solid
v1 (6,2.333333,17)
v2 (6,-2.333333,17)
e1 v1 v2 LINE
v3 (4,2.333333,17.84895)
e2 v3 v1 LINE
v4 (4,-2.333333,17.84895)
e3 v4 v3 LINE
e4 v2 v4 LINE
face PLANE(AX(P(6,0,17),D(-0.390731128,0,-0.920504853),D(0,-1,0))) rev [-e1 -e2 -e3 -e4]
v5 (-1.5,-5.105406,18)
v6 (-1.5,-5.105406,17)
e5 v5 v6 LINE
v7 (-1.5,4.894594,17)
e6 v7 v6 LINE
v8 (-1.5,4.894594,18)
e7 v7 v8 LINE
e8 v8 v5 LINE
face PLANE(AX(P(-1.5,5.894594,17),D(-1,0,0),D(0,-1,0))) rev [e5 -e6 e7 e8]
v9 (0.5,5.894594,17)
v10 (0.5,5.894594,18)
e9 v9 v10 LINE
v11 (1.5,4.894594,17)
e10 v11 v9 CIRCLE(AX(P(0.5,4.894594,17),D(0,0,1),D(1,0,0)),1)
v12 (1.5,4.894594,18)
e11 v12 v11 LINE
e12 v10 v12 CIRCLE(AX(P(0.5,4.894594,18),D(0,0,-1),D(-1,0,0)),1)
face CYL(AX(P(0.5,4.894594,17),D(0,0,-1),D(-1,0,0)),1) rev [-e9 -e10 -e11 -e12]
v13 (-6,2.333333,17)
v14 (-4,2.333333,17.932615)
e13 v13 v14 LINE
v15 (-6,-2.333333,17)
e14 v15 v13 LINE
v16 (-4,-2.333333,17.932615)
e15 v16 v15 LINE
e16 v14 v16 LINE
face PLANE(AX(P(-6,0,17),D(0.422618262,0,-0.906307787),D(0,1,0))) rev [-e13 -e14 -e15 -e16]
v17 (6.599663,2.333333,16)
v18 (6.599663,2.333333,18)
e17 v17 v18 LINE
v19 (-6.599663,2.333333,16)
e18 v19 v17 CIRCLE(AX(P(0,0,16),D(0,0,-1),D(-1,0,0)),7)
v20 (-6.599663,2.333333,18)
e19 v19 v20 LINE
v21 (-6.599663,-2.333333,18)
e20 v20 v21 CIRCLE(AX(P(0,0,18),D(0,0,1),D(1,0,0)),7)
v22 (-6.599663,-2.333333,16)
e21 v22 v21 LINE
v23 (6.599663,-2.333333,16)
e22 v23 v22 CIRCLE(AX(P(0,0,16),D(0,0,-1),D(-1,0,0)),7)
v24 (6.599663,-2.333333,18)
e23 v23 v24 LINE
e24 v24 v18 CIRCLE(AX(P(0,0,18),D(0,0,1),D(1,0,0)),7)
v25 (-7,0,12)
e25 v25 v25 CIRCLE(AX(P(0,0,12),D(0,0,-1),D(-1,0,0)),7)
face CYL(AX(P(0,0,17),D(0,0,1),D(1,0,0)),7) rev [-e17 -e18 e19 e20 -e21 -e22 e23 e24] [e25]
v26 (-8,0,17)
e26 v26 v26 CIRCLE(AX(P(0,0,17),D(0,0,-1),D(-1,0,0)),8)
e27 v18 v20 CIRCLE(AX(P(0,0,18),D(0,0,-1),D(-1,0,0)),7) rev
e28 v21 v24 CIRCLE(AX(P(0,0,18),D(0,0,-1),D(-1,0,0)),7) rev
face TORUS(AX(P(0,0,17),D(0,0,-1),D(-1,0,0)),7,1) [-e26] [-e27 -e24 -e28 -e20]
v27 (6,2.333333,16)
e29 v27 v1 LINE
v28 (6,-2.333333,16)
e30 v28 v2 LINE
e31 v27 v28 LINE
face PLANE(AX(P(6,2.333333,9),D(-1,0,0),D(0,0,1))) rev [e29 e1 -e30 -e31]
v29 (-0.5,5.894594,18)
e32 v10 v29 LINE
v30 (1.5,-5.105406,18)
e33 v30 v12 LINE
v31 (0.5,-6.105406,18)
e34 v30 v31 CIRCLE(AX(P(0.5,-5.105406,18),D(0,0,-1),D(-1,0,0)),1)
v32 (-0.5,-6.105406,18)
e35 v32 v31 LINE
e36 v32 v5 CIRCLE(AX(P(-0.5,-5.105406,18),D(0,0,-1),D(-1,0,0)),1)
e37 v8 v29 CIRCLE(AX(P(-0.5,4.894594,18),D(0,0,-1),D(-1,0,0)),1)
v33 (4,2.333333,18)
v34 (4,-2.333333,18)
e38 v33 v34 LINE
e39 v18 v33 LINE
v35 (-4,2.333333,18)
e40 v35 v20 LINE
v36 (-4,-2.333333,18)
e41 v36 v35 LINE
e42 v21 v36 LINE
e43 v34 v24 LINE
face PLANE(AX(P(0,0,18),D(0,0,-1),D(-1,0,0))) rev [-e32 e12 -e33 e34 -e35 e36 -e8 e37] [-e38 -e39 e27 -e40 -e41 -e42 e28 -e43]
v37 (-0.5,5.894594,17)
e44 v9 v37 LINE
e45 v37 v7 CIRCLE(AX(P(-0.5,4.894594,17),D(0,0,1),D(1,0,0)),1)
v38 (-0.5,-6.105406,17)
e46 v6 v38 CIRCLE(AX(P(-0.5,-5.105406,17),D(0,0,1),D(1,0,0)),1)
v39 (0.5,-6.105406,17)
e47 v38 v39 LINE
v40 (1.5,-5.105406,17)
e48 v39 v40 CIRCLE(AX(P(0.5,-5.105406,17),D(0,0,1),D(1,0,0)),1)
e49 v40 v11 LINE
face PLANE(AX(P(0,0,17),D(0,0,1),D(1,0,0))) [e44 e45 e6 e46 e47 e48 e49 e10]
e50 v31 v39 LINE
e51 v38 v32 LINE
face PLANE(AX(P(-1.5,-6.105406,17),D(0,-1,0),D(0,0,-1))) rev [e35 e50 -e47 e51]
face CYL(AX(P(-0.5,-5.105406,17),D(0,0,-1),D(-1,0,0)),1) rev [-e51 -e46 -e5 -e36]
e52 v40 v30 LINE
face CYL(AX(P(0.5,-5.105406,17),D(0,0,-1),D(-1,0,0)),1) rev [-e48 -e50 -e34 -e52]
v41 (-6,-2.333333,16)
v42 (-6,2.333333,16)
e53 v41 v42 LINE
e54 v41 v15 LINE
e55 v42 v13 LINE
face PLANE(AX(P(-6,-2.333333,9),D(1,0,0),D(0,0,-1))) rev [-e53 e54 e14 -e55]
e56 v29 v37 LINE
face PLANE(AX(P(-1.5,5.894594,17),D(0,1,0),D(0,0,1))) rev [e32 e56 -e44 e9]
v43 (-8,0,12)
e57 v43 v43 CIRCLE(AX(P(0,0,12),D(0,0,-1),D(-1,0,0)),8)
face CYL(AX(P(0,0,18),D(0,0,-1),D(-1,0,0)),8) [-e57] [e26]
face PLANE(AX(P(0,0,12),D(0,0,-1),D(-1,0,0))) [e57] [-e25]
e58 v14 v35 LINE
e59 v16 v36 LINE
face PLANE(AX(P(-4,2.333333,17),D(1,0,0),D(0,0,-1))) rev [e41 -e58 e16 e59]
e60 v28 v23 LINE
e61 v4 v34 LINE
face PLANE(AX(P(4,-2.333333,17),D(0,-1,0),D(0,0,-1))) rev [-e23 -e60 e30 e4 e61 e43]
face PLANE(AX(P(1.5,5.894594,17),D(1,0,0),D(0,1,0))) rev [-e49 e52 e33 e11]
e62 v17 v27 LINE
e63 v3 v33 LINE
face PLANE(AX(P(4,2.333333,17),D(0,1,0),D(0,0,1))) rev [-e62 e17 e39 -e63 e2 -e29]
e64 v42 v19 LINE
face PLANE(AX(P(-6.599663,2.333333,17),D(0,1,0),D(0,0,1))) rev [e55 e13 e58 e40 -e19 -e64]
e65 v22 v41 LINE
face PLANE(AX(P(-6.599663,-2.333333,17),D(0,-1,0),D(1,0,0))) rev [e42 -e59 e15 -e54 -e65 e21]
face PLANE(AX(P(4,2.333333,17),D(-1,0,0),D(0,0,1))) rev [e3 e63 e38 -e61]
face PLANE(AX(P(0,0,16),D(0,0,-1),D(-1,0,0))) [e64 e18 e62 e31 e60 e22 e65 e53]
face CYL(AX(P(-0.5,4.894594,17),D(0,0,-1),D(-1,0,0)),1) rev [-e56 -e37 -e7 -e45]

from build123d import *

# Parameters (mm, degrees)
SKETCH_1_R          = 8
EXTRUDE_1_DEPTH     = 6
FILLET_1_R          = 1
SKETCH_3_W          = 3
SKETCH_3_H          = 12
CUT_EXTRUDE_1_DEPTH = 1
FILLET_2_R          = 1
CUT_EXTRUDE_2_DEPTH = 1
CHAMFER_2_SIZE      = 2
CHAMFER_2_SIZE2     = 0.932615316
CHAMFER_5_SIZE      = 2
CHAMFER_5_SIZE2     = 0.848949632
CUT_EXTRUDE_3_DEPTH = 8
CUT_EXTRUDE_START   = -4
SKETCH_7_R          = 7
CUT_EXTRUDE_4_DEPTH = 4


with BuildPart() as part:
    # 草图1 → 凸台-拉伸1 (new body)
    with BuildSketch(Plane(origin=(0, 0, 12), x_dir=(-1, 0, 0), z_dir=(0, 0, -1))):
        Circle(SKETCH_1_R)
    extrude(amount=-EXTRUDE_1_DEPTH)

    # 圆角1
    fillet_1_edges = [part.edges().sort_by_distance(p)[0] for p in [
        (8, 0, 18),
    ]]
    fillet(fillet_1_edges, radius=FILLET_1_R)

    # 草图3 → 切除-拉伸1 (cut)
    with BuildSketch(Plane.XY.offset(18)):
        with Locations((0, -0.105406486)):
            Rectangle(SKETCH_3_W, SKETCH_3_H)
    extrude(amount=-CUT_EXTRUDE_1_DEPTH, mode=Mode.SUBTRACT)

    # 圆角2
    fillet_2_edges = [part.edges().sort_by_distance(p)[0] for p in [
        (-1.5, -6.105406486, 17.5),
        (-1.5, 5.894593514, 17.5),
        (1.5, 5.894593514, 17.5),
        (1.5, -6.105406486, 17.5),
    ]]
    fillet(fillet_2_edges, radius=FILLET_2_R)

    # 草图4 → 切除-拉伸2 (cut)
    with BuildSketch(Plane.XY.offset(18)):
        with BuildLine():
            Line((-6.599663291, 2.333333333), (-4, 2.333333333))
            Line((-4, 2.333333333), (-4, -2.333333333))
            Line((-4, -2.333333333), (-6.599663291, -2.333333333))
            ThreePointArc((-6.599663291, -2.333333333), (-7, 0), (-6.599663291, 2.333333333))
        make_face()
        with BuildLine():
            Line((4, -2.333333333), (6.599663291, -2.333333333))
            ThreePointArc((6.599663291, -2.333333333), (7, 0), (6.599663291, 2.333333333))
            Line((6.599663291, 2.333333333), (4, 2.333333333))
            Line((4, 2.333333333), (4, -2.333333333))
        make_face()
    extrude(amount=-CUT_EXTRUDE_2_DEPTH, mode=Mode.SUBTRACT)

    # 倒角2
    chamfer_2_edges = [part.edges().sort_by_distance(p)[0] for p in [
        (-4, 0, 17),
    ]]
    chamfer_2_side = [part.faces().sort_by_distance(p)[0] for p in [
        (-5.436521823, 0, 17),
    ]]
    chamfer(chamfer_2_edges, length=CHAMFER_2_SIZE, length2=CHAMFER_2_SIZE2, reference=chamfer_2_side[0])

    # 倒角5
    chamfer_5_edges = [part.edges().sort_by_distance(p)[0] for p in [
        (4, 0, 17),
    ]]
    chamfer_5_side = [part.faces().sort_by_distance(p)[0] for p in [
        (5.436521823, 0, 17),
    ]]
    chamfer(chamfer_5_edges, length=CHAMFER_5_SIZE, length2=CHAMFER_5_SIZE2, reference=chamfer_5_side[0])

    # 草图6 → 切除-拉伸3 (cut)
    with BuildSketch(Plane.XY.offset(17)):
        with BuildLine():
            Line((-6.599663291, -2.333333333), (-6, -2.333333333))
            Line((-6, -2.333333333), (-6, 2.333333333))
            Line((-6, 2.333333333), (-6.599663291, 2.333333333))
            ThreePointArc((-6.599663291, 2.333333333), (-7, 0), (-6.599663291, -2.333333333))
        make_face()
        with BuildLine():
            Line((6.599663291, 2.333333333), (6, 2.333333333))
            Line((6, 2.333333333), (6, -2.333333333))
            Line((6, -2.333333333), (6.599663291, -2.333333333))
            ThreePointArc((6.599663291, -2.333333333), (7, 0), (6.599663291, 2.333333333))
        make_face()
    extrude(amount=-CUT_EXTRUDE_3_DEPTH, mode=Mode.SUBTRACT)

    # 草图7 → 切除-拉伸4 (cut)
    with BuildSketch(Plane(origin=(0, 0, 12), x_dir=(-1, 0, 0), z_dir=(0, 0, -1)).offset(CUT_EXTRUDE_START)):
        Circle(SKETCH_7_R)
    extrude(amount=CUT_EXTRUDE_4_DEPTH, mode=Mode.SUBTRACT)


solid = part.part
